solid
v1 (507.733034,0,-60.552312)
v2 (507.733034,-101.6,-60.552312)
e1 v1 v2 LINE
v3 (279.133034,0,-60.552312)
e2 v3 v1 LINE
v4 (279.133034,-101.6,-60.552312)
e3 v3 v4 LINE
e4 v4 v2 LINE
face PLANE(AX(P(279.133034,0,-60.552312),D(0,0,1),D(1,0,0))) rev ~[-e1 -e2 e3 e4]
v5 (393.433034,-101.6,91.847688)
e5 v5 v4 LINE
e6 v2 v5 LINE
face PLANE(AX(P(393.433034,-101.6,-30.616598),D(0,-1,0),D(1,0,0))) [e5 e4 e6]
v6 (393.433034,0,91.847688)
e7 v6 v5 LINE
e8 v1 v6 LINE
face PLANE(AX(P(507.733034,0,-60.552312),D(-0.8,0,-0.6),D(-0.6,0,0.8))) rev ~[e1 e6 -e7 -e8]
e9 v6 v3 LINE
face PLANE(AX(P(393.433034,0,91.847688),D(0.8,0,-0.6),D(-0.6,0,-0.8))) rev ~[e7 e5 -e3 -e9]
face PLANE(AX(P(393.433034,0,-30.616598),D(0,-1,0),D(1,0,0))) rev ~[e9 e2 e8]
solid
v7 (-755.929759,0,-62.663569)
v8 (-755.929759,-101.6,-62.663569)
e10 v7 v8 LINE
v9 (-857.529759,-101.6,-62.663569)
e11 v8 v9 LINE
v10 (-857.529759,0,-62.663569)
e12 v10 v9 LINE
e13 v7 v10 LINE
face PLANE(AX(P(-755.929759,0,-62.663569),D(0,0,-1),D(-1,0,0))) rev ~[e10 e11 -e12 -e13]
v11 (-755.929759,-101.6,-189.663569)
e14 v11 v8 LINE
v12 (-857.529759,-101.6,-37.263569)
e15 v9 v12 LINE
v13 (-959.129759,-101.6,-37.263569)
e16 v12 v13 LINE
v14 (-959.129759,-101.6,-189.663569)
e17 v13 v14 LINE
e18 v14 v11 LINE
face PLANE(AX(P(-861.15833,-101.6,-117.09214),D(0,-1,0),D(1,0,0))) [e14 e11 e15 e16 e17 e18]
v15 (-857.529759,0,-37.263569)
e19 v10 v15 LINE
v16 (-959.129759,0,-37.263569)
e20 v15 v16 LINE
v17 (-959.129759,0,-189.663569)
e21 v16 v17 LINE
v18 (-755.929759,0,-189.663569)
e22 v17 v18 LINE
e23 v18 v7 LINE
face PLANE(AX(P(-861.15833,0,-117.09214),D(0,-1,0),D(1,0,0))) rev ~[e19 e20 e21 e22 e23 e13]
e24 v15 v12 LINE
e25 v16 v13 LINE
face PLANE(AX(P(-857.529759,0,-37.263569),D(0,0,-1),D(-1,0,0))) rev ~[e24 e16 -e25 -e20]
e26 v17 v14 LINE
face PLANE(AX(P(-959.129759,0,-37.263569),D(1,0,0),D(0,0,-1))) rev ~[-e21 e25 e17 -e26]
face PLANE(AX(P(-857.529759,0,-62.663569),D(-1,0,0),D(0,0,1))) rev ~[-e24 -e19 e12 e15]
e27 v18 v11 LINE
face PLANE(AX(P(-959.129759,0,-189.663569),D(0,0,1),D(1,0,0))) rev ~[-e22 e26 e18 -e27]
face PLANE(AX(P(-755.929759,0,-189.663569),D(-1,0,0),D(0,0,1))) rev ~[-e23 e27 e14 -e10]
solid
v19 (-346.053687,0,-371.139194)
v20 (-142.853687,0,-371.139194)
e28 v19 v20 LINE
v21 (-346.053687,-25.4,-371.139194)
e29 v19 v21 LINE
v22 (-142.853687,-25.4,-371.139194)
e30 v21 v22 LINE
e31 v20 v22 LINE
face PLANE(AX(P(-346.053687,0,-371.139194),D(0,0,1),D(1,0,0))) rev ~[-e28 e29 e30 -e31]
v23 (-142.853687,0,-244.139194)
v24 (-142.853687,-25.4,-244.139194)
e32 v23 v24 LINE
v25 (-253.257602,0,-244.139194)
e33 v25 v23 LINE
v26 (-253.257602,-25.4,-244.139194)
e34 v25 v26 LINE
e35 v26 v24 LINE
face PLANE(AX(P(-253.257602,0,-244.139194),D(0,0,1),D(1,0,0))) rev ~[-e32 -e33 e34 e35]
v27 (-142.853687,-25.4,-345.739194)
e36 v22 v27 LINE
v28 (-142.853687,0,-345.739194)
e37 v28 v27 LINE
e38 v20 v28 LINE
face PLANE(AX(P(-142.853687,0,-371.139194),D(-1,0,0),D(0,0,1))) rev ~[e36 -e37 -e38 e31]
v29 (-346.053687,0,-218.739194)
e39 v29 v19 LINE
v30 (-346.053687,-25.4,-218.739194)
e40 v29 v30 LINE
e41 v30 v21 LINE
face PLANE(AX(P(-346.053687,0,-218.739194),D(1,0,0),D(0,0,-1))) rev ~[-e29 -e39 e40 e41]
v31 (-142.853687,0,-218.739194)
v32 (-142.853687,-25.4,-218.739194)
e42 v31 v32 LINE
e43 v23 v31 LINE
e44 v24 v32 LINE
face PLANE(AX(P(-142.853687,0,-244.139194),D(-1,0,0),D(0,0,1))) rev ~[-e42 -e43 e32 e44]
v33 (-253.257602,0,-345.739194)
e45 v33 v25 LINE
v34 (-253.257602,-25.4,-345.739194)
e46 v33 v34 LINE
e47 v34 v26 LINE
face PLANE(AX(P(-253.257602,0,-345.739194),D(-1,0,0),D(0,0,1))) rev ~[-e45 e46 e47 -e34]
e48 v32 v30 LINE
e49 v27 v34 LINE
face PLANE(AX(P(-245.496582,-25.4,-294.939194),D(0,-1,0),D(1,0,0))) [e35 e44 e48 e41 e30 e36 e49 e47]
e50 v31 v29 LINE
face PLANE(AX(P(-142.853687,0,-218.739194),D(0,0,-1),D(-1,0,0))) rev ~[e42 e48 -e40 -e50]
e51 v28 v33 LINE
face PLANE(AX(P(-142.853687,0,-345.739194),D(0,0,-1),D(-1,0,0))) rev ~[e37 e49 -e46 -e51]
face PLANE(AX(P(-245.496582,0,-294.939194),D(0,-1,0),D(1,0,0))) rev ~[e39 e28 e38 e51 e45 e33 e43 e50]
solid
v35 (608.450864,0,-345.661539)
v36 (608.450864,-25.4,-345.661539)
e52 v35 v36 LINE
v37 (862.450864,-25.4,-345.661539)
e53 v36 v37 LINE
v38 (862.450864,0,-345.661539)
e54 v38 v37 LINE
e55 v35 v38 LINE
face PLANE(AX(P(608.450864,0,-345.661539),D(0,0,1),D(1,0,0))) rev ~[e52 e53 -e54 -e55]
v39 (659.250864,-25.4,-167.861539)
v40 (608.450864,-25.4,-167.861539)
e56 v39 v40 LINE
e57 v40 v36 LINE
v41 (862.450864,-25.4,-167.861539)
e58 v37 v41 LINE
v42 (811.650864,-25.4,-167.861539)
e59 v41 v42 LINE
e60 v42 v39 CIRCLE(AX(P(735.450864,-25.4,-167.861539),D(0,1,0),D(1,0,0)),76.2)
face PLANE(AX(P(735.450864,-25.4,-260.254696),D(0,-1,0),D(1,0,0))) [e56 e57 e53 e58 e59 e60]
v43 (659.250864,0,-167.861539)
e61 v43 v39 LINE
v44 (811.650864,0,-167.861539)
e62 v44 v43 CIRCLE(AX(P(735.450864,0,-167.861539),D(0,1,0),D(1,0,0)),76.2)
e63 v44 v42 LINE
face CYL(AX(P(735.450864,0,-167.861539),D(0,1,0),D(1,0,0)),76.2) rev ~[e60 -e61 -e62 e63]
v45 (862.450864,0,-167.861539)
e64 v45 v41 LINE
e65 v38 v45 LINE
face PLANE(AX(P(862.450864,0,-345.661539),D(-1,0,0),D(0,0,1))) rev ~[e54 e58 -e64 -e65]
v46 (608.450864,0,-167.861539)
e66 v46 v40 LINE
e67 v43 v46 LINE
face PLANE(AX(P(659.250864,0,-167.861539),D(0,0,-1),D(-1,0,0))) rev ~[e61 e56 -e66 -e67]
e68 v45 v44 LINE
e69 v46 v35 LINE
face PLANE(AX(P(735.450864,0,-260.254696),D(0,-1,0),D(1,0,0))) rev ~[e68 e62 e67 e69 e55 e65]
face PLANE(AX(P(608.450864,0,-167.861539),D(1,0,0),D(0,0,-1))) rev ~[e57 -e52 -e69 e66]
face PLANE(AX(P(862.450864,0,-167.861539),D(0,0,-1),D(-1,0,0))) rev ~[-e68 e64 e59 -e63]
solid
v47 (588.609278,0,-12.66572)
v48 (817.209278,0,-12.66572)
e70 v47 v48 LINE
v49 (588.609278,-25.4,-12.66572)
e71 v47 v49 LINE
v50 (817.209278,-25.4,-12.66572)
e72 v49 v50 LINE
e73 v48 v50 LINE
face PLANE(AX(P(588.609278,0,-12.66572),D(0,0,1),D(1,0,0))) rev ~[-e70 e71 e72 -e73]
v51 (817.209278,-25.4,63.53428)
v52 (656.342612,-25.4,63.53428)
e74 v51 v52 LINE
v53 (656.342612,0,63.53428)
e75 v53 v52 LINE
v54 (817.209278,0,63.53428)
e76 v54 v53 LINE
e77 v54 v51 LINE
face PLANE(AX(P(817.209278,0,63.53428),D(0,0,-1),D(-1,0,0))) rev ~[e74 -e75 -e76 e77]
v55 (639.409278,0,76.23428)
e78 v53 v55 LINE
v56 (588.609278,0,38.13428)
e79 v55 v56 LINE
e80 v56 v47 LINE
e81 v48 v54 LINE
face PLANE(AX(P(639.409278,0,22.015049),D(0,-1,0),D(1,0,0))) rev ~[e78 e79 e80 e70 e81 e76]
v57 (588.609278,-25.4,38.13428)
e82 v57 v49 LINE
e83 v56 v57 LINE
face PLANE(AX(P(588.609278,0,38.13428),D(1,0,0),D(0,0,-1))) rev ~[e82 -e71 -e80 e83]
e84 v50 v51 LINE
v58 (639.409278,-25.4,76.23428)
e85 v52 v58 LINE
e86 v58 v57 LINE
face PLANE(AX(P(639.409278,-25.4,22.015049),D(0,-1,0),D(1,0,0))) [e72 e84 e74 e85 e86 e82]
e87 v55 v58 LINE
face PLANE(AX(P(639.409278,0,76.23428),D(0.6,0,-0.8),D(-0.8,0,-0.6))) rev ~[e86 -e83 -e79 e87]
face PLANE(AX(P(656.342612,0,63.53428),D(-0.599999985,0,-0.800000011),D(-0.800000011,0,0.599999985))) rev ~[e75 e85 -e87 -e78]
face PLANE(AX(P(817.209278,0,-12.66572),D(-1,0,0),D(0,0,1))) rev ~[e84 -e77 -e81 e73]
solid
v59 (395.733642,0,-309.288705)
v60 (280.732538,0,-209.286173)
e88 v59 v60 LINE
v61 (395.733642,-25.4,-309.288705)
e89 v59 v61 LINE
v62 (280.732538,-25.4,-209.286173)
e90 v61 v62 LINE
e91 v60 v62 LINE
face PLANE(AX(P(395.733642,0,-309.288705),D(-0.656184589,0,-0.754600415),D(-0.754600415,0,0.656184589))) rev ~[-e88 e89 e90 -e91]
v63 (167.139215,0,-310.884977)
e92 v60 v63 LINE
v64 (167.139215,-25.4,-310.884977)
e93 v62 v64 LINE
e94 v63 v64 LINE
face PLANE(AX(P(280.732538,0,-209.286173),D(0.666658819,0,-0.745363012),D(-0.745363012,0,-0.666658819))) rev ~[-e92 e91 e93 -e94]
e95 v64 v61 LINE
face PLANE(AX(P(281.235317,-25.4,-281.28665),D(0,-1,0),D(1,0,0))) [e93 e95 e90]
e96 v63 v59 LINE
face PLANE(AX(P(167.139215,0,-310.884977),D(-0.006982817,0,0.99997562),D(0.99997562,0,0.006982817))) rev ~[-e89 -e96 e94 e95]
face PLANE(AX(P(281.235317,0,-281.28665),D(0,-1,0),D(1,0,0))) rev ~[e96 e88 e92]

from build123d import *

# Parameters (mm, degrees)
F1_DEPTH  = 101.6
F4_DEPTH  = 101.6
F6_DEPTH  = 25.4
F8_DEPTH  = 25.4
F2_W      = 127
F2_H      = 50.8
F9_DEPTH  = 25.4
F11_DEPTH = 25.4


with BuildPart() as f1:
    # F0 (on Front) → F1 (new body)
    with BuildSketch(Plane.XZ):
        Polygon((336.283034, 15.647688), (279.133034, -60.552312), (507.733034, -60.552312), (450.583034, 15.647688), align=None)
        Polygon((393.433034, 91.847688), (336.283034, 15.647688), (450.583034, 15.647688), align=None)
    extrude(amount=F1_DEPTH)


with BuildPart() as f4:
    # F3 (on Front) → F4 (new body)
    with BuildSketch(Plane.XZ):
        Polygon((-959.129759, -189.663569), (-755.929759, -189.663569), (-755.929759, -62.663569), (-857.529759, -62.663569), (-857.529759, -37.263569), (-959.129759, -37.263569), align=None)
    extrude(amount=F4_DEPTH)


with BuildPart() as f6:
    # F5 (on Front) → F6 (new body)
    with BuildSketch(Plane.XZ):
        Polygon((-346.053687, -371.139194), (-142.853687, -371.139194), (-142.853687, -345.739194), (-253.257602, -345.739194), (-253.257602, -244.139194), (-142.853687, -244.139194), (-142.853687, -218.739194), (-346.053687, -218.739194), align=None)
    extrude(amount=F6_DEPTH)


with BuildPart() as f8:
    # F7 (on Front) → F8 (new body)
    with BuildSketch(Plane.XZ):
        with BuildLine():
            Line((608.450864, -345.661539), (862.450864, -345.661539))
            Line((862.450864, -345.661539), (862.450864, -167.861539))
            Line((862.450864, -167.861539), (811.650864, -167.861539))
            ThreePointArc((811.650864, -167.861539), (735.450864, -244.061539), (659.250864, -167.861539))
            Line((659.250864, -167.861539), (608.450864, -167.861539))
            Line((608.450864, -167.861539), (608.450864, -345.661539))
        make_face()
    extrude(amount=F8_DEPTH)


with BuildPart() as f9:
    # F2 (on Front) → F9 (new body)
    with BuildSketch(Plane.XZ):
        Polygon((588.609278, -12.66572), (690.209278, -12.66572), (690.209278, 38.13428), (656.342612, 63.53428), (639.409278, 76.23428), (588.609278, 38.13428), align=None)
        with Locations((753.709278, 12.73428)):
            Rectangle(F2_W, F2_H)
        Polygon((690.209278, 38.13428), (817.209278, 38.13428), (817.209278, 63.53428), (656.342612, 63.53428), align=None)
    extrude(amount=F9_DEPTH)


with BuildPart() as f11:
    # F10 (on Front) → F11 (new body)
    with BuildSketch(Plane.XZ):
        Polygon((280.732538, -209.286173), (167.139215, -310.884977), (395.733642, -309.288705), align=None)
    extrude(amount=F11_DEPTH)


solid = Compound([f1.part, f4.part, f6.part, f8.part, f9.part, f11.part])
